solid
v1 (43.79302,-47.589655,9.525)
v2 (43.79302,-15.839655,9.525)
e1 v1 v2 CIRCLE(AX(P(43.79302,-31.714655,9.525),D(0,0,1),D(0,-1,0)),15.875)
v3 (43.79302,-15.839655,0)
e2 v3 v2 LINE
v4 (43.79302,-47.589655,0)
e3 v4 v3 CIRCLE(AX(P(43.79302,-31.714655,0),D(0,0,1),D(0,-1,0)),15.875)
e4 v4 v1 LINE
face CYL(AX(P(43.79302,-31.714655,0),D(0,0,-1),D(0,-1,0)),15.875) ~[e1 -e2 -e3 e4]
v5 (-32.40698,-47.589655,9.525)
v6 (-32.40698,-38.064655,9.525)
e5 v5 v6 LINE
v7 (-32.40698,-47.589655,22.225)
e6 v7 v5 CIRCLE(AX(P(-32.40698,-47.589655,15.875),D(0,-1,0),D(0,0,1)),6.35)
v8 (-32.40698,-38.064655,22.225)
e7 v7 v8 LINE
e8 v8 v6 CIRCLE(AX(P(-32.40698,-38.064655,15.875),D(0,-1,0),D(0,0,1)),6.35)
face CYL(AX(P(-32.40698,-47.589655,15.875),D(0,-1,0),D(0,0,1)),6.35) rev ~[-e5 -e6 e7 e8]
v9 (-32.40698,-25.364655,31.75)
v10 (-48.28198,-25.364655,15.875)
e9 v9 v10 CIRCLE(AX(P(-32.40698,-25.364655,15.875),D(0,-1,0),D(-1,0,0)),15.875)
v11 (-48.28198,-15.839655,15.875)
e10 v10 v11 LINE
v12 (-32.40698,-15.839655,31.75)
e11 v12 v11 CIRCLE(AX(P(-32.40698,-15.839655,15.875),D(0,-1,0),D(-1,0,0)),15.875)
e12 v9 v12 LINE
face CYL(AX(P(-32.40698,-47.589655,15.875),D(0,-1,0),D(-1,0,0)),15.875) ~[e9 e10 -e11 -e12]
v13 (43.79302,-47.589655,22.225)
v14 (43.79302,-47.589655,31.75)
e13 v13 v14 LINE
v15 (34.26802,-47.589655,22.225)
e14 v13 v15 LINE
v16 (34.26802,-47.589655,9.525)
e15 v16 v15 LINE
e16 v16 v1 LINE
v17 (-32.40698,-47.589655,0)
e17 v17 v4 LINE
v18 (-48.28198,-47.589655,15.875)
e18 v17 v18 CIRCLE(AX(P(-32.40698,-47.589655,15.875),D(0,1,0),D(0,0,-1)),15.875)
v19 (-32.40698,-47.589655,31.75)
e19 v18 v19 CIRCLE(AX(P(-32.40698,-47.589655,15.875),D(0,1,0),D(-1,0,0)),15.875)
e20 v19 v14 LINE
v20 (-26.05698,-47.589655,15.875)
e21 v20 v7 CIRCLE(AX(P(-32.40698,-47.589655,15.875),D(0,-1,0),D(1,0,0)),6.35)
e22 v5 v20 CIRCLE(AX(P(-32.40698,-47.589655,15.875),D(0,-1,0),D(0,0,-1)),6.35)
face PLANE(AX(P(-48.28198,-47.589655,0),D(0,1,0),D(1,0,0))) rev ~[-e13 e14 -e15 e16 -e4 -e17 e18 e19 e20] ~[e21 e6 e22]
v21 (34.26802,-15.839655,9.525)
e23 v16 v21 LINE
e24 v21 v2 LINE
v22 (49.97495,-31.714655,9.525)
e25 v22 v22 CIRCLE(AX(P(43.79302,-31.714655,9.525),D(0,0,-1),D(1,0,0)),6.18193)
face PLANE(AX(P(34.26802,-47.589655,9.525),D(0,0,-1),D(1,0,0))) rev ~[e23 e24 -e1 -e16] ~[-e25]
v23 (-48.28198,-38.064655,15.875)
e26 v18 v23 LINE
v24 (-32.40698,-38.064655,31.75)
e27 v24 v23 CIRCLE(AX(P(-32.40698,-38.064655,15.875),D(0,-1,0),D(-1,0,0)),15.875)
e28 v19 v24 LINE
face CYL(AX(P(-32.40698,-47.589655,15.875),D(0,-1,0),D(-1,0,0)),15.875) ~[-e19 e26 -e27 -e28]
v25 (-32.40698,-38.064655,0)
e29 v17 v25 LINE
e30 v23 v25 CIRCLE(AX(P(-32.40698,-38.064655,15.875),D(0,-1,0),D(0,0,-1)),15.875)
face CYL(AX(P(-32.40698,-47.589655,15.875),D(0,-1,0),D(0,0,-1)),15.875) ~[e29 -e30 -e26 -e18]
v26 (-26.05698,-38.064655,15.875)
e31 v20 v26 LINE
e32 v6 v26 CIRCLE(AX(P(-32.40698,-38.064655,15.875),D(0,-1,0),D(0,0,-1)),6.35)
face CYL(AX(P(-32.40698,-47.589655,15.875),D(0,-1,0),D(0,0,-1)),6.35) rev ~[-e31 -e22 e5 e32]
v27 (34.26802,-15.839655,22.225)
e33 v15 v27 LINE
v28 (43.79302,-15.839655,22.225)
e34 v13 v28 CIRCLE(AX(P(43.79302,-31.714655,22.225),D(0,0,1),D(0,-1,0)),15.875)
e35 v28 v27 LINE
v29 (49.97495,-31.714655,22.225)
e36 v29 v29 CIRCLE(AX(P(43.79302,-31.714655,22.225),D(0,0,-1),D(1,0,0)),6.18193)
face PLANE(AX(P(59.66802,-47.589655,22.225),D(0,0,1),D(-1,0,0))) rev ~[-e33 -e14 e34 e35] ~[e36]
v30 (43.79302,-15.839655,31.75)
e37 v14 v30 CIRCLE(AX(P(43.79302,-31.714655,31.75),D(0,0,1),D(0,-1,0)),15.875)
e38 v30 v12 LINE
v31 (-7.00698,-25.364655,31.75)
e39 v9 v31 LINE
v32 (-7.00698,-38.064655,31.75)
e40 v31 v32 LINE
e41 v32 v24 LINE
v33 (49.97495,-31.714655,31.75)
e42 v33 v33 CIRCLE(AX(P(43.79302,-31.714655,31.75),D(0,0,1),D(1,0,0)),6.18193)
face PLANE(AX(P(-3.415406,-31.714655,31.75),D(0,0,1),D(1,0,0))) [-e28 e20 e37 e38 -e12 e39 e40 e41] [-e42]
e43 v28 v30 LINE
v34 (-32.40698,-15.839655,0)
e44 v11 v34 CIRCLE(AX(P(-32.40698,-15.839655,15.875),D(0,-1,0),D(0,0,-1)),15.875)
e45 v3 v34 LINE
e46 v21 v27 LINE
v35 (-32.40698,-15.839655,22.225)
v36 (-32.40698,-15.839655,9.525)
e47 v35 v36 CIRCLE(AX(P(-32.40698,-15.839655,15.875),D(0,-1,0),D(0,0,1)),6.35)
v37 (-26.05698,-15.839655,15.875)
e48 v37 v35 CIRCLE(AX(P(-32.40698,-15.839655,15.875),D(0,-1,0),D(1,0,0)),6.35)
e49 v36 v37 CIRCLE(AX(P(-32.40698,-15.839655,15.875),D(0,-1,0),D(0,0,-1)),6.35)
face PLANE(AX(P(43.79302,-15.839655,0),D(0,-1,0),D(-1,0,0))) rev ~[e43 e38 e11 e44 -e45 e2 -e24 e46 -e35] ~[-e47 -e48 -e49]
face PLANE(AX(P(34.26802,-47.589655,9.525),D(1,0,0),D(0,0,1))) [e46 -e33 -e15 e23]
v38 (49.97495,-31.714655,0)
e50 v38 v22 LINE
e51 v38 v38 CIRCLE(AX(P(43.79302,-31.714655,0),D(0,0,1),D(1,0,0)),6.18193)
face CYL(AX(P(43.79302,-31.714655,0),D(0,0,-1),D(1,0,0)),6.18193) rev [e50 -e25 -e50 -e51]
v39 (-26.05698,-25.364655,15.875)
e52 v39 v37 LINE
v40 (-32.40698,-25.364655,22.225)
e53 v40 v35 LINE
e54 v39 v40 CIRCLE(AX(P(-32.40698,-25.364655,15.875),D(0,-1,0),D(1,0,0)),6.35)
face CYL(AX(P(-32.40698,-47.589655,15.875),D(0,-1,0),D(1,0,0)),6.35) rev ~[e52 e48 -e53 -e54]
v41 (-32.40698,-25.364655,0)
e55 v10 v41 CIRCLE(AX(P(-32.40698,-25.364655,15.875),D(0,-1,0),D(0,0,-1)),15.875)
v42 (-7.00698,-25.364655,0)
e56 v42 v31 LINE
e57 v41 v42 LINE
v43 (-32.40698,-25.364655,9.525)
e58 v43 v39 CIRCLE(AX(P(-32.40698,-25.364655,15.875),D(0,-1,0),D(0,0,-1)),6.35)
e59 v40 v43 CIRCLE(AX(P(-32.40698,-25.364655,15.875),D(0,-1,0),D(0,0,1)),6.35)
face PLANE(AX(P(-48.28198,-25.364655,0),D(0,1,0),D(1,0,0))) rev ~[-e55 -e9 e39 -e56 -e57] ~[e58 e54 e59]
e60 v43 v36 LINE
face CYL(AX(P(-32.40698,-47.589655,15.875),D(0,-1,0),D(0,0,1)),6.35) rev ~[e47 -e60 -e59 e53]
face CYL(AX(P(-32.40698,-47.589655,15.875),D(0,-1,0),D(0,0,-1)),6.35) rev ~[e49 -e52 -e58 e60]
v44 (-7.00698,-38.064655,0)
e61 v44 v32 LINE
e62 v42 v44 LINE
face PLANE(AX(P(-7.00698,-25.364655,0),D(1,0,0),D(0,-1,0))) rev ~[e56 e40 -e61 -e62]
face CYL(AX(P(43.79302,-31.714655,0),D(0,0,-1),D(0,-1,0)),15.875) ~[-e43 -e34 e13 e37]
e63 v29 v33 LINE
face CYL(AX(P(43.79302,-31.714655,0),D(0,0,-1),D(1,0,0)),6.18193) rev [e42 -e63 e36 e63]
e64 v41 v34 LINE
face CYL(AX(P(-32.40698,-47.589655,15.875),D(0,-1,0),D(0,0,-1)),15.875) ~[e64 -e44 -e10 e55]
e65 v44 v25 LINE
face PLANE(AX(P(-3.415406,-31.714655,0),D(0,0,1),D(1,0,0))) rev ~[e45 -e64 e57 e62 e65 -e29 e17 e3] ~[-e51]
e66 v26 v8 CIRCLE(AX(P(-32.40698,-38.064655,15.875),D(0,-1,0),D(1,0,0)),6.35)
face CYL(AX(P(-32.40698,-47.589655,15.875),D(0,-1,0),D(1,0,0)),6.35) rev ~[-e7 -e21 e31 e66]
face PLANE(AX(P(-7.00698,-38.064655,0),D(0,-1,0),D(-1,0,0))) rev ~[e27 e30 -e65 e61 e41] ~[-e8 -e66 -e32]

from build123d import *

# Parameters (mm, degrees)
F0_R     = 6.1819299208
F1_DEPTH = 31.75
F3_DEPTH = 31.751
F2_W     = 15.875
F2_H     = 12.7
F2_W_2   = 9.525
F4_DEPTH = 31.751
F5_DEPTH = 31.751


with BuildPart() as f1:
    # F0 (on Top) → F1 (new body)
    with BuildSketch(Plane.XY):
        with BuildLine():
            Line((43.7930202991, -15.8396554504), (-48.2819797009, -15.8396554504))
            Line((-48.2819797009, -15.8396554504), (-48.2819797009, -25.3646554504))
            Line((-48.2819797009, -25.3646554504), (-7.0069797009, -25.3646554504))
            Line((-7.0069797009, -25.3646554504), (-7.0069797009, -38.0646554504))
            Line((-7.0069797009, -38.0646554504), (-48.2819797009, -38.0646554504))
            Line((-48.2819797009, -38.0646554504), (-48.2819797009, -47.5896554504))
            Line((-48.2819797009, -47.5896554504), (43.7930202991, -47.5896554504))
            ThreePointArc((43.7930202991, -47.5896554504), (59.6680202991, -31.7146554504), (43.7930202991, -15.8396554504))
        make_face()
        with Locations((43.7930202991, -31.7146554504)):
            Circle(F0_R, mode=Mode.SUBTRACT)
    extrude(amount=F1_DEPTH)

    # F2 (on face) → F3 (cut, through all)
    with BuildSketch(Plane.XZ.offset(47.5896554504)):
        with BuildLine():
            Line((-32.4069797009, 9.525), (-32.4069797009, 22.225))
            ThreePointArc((-32.4069797009, 22.225), (-38.7569797009, 15.875), (-32.4069797009, 9.525))
        make_face()
        with BuildLine():
            ThreePointArc((-26.0569797009, 15.875), (-27.9168516404, 20.3651280605), (-32.4069797009, 22.225))
            Line((-32.4069797009, 22.225), (-32.4069797009, 9.525))
            ThreePointArc((-32.4069797009, 9.525), (-27.9168516404, 11.3848719395), (-26.0569797009, 15.875))
        make_face()
    extrude(amount=-F3_DEPTH, mode=Mode.SUBTRACT)

    # F2 (on face) → F4 (cut, through all)
    with BuildSketch(Plane.XZ.offset(47.5896554504)):
        with Locations((51.7305202991, 15.875)):
            Rectangle(F2_W, F2_H)
        with Locations((39.0305202991, 15.875)):
            Rectangle(F2_W_2, F2_H)
    extrude(amount=-F4_DEPTH, mode=Mode.SUBTRACT)

    # F2 (on face) → F5 (cut, through all)
    with BuildSketch(Plane.XZ.offset(47.5896554504)):
        with BuildLine():
            ThreePointArc((-48.2819797009, 15.875), (-43.6322998523, 27.1003201513), (-32.4069797009, 31.75))
            Line((-32.4069797009, 31.75), (-48.2819797009, 31.75))
            Line((-48.2819797009, 31.75), (-48.2819797009, 15.875))
        make_face()
        with BuildLine():
            ThreePointArc((-32.4069797009, 0), (-43.6322998523, 4.6496798487), (-48.2819797009, 15.875))
            Line((-48.2819797009, 15.875), (-48.2819797009, 0))
            Line((-48.2819797009, 0), (-32.4069797009, 0))
        make_face()
    extrude(amount=-F5_DEPTH, mode=Mode.SUBTRACT)


solid = f1.part
